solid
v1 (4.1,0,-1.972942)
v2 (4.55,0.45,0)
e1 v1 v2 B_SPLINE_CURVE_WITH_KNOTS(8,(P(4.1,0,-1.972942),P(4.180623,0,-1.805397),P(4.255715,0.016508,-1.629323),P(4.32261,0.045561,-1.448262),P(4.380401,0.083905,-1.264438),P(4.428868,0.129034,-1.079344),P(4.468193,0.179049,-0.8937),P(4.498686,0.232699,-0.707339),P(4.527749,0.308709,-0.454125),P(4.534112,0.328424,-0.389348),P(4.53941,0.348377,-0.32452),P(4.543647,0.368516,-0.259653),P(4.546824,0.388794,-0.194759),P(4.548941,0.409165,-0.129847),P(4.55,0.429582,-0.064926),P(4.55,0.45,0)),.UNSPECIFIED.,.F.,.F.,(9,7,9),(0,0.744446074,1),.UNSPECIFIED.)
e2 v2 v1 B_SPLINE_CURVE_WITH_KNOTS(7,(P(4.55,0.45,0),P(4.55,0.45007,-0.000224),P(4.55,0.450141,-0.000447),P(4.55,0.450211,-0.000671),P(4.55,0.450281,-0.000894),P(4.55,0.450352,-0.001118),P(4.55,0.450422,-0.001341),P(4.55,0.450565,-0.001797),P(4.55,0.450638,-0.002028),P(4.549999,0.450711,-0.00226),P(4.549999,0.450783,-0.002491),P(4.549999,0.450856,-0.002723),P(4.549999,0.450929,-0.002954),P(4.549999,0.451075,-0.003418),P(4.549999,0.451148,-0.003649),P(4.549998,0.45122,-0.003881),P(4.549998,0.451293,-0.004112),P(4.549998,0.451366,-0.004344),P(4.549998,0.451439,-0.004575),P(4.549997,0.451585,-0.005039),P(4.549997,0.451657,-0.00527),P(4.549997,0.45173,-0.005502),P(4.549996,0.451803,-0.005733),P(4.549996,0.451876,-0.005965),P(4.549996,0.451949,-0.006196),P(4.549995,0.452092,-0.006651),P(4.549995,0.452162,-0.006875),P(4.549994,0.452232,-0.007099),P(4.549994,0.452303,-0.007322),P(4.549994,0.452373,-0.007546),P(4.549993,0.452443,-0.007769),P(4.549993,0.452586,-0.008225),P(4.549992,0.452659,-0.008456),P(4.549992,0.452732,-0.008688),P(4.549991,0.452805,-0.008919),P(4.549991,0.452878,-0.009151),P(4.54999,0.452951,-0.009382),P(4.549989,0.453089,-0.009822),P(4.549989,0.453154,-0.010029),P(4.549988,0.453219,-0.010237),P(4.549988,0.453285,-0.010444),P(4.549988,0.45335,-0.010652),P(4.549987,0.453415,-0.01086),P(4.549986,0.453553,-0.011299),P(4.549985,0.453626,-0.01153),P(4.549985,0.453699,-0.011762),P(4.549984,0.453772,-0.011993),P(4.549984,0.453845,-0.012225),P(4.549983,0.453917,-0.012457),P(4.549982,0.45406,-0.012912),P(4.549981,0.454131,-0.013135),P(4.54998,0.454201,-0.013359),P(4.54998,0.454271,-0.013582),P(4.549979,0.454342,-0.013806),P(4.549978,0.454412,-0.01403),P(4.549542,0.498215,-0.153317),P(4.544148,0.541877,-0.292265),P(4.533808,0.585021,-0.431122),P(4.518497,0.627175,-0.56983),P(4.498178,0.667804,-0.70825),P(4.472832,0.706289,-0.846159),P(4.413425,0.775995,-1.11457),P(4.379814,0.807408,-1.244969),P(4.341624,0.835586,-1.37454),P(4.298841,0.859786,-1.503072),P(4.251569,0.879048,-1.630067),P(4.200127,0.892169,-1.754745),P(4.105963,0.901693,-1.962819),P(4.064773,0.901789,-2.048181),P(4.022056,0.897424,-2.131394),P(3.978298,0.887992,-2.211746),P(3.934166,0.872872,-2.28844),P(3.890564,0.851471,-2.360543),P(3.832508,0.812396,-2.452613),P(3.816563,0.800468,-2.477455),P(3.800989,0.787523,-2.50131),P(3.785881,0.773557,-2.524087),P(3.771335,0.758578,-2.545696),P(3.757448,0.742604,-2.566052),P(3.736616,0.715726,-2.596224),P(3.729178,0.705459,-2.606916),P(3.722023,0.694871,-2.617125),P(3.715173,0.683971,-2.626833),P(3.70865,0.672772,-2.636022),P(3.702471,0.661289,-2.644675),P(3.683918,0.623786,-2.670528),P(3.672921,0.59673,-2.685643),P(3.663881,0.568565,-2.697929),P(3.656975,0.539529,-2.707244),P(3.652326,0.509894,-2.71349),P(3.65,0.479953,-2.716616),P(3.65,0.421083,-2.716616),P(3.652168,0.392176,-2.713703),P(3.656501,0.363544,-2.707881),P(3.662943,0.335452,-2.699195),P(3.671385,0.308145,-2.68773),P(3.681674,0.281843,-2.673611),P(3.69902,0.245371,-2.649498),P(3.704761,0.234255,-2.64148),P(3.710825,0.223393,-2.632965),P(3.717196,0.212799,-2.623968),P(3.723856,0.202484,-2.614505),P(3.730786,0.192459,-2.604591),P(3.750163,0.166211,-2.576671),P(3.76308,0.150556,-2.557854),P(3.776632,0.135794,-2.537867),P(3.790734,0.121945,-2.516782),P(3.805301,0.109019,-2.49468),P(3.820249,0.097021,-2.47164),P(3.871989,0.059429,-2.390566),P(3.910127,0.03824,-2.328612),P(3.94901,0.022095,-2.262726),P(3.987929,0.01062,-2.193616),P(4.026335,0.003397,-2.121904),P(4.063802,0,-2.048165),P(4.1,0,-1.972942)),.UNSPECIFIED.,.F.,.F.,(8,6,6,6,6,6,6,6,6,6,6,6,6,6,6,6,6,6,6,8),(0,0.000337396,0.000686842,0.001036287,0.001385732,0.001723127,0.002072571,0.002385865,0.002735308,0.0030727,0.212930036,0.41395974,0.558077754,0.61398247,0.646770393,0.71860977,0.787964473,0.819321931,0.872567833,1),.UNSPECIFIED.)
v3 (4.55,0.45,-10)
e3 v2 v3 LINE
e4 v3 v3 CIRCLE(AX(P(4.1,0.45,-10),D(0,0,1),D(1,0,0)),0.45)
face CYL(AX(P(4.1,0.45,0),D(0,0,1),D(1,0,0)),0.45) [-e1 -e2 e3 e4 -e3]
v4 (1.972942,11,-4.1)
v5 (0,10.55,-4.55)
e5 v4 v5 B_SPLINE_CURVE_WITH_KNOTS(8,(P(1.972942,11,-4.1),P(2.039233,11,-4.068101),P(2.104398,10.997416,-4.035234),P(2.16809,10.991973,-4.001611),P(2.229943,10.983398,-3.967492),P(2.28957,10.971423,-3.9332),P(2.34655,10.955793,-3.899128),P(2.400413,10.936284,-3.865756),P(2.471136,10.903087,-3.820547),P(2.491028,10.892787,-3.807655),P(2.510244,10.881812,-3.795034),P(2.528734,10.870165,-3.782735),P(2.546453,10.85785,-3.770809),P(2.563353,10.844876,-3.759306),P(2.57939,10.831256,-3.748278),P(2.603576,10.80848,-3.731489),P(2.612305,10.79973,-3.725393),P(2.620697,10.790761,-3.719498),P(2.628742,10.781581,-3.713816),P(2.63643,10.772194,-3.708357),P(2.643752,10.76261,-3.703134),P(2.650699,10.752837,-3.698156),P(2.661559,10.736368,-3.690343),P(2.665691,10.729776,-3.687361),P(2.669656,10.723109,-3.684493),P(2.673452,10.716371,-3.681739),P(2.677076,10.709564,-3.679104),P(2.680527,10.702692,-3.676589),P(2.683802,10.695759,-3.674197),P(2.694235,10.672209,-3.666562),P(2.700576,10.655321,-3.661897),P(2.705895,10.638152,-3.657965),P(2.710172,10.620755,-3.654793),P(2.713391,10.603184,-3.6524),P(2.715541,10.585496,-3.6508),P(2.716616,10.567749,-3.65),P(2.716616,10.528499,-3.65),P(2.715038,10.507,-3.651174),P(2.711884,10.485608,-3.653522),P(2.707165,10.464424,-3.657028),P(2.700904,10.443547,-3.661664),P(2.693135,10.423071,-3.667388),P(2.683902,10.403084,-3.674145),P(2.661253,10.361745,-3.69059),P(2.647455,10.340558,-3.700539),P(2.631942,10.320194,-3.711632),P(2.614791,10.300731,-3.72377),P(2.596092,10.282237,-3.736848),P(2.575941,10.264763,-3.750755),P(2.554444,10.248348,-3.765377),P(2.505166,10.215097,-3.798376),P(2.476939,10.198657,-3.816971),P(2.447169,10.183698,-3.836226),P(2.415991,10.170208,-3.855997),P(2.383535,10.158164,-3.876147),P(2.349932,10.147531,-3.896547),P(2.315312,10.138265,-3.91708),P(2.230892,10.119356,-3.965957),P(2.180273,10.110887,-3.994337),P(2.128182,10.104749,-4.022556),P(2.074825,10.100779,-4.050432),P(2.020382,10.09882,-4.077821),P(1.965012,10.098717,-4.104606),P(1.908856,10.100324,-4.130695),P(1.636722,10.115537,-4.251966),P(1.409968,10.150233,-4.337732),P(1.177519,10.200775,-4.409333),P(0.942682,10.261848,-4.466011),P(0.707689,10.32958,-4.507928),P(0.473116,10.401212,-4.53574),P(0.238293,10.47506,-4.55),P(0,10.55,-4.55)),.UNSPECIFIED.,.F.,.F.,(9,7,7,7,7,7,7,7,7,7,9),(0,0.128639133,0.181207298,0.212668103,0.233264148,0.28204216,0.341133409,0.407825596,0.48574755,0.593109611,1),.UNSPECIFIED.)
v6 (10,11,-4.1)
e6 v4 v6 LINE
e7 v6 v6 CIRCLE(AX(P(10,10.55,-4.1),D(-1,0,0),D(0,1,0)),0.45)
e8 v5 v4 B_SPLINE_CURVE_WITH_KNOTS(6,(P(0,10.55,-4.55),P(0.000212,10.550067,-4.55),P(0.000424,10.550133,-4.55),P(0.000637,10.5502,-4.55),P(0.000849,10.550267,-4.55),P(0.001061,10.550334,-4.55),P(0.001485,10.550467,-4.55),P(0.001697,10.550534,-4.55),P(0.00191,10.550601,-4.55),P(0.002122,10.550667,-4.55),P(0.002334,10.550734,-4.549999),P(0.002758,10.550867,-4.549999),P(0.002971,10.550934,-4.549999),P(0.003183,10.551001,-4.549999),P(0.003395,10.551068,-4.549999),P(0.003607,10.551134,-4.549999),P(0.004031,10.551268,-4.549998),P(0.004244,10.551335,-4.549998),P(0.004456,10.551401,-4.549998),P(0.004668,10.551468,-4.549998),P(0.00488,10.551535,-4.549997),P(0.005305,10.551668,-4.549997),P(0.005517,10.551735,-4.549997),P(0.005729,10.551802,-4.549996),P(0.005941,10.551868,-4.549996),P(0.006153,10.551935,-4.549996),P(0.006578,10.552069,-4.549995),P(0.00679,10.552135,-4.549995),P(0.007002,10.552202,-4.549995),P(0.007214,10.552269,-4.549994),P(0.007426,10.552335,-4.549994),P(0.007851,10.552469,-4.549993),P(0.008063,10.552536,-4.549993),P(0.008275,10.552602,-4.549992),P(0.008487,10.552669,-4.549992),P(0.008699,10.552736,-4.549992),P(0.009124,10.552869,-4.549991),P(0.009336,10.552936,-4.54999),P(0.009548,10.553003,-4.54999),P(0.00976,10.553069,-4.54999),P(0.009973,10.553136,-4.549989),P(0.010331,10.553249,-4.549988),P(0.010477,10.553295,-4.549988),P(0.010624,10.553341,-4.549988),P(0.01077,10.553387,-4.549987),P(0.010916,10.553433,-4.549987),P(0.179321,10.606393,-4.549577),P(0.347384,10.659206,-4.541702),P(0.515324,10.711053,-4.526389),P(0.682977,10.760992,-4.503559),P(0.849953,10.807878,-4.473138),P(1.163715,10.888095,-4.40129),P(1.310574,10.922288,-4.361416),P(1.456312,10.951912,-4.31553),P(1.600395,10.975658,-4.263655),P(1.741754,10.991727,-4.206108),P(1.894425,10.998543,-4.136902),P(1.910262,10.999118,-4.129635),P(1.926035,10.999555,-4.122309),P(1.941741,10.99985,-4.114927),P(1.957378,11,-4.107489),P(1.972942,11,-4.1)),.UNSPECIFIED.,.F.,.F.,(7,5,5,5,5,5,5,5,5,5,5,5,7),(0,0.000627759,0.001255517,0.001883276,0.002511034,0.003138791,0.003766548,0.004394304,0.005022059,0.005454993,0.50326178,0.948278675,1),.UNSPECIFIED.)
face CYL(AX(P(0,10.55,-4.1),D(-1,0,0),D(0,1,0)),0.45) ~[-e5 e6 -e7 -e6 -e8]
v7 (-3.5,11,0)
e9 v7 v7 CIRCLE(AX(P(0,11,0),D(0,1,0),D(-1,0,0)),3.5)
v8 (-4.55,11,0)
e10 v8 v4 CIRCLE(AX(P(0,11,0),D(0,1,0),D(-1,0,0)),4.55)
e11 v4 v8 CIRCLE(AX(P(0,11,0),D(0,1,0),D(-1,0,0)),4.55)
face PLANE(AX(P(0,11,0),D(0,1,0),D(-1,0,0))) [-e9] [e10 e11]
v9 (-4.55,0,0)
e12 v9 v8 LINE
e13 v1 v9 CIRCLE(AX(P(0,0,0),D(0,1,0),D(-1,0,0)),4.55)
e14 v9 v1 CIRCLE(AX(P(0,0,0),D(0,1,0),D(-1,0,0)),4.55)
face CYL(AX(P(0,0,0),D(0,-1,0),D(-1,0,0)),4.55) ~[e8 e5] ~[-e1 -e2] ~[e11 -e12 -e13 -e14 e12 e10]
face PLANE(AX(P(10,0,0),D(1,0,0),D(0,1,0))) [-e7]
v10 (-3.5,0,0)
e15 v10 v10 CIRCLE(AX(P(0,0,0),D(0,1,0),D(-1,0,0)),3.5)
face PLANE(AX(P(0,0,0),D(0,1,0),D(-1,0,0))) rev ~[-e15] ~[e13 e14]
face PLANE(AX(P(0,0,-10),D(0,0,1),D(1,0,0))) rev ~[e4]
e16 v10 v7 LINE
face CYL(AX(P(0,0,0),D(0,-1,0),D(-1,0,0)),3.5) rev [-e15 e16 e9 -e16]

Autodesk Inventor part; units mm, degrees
ref_plane "YZ Plane" through (0, 0, 0) normal (1, 0, 0) x (0, 1, 0)
ref_plane "XZ Plane" through (0, 0, 0) normal (0, 1, 0) x (-1, 0, 0)
ref_plane "XY Plane" through (0, 0, 0) normal (0, 0, 1) x (1, 0, 0)
sketch "Sketch1" plane through (0, 0, 0) normal (0, 1, 0) x (-1, 0, 0)
  circle A0 centre (0, 0) radius 4.55
  circle A1 centre (0, 0) radius 3.5
  dimension "d0" = 9.1
  dimension "d1" = 7
extrude "Extrusion1" add sketch "Sketch1" along normal blind 11
sketch "Sketch2" plane through (0, 0, 0) normal (0, 0, 1) x (1, 0, 0)
  line L0 (4.55, 11) -> (-4.55, 11) projected
  line L1 (4.55, 0) -> (-4.55, 0) projected
  line L2 (4.55, 0) -> (-4.55, 0) projected
  line L3 (4.55, 0) -> (4.55, 11) projected
  line L4 (-4.55, 0) -> (-4.55, 11) projected
  circle A0 centre (4.1, 0.45) radius 0.45
  point P0 (0, 0)
  dimension "d11" = 0.9
extrude "Extrusion2" add sketch "Sketch2" against normal blind 10 contours A0
sketch "Sketch3" plane through (0, 0, 0) normal (1, 0, 0) x (0, 1, 0)
  line L0 (0, -4.55) -> (0, 4.55) projected
  line L1 (11, -4.55) -> (11, 4.55) projected
  line L2 (11, -4.55) -> (11, 4.55) projected
  line L3 (0, 4.55) -> (11, 4.55) projected
  line L4 (0, -4.55) -> (11, -4.55) projected
  circle A0 centre (10.55, -4.1) radius 0.45
  point P0 (0, 0)
  point P1 (0, -1.9729)
  point P2 (0.45, 0)
  dimension "d12" = 0.9
extrude "Extrusion3" add sketch "Sketch3" along normal blind 10 contours A0
properties part number "Torsion_spring"
